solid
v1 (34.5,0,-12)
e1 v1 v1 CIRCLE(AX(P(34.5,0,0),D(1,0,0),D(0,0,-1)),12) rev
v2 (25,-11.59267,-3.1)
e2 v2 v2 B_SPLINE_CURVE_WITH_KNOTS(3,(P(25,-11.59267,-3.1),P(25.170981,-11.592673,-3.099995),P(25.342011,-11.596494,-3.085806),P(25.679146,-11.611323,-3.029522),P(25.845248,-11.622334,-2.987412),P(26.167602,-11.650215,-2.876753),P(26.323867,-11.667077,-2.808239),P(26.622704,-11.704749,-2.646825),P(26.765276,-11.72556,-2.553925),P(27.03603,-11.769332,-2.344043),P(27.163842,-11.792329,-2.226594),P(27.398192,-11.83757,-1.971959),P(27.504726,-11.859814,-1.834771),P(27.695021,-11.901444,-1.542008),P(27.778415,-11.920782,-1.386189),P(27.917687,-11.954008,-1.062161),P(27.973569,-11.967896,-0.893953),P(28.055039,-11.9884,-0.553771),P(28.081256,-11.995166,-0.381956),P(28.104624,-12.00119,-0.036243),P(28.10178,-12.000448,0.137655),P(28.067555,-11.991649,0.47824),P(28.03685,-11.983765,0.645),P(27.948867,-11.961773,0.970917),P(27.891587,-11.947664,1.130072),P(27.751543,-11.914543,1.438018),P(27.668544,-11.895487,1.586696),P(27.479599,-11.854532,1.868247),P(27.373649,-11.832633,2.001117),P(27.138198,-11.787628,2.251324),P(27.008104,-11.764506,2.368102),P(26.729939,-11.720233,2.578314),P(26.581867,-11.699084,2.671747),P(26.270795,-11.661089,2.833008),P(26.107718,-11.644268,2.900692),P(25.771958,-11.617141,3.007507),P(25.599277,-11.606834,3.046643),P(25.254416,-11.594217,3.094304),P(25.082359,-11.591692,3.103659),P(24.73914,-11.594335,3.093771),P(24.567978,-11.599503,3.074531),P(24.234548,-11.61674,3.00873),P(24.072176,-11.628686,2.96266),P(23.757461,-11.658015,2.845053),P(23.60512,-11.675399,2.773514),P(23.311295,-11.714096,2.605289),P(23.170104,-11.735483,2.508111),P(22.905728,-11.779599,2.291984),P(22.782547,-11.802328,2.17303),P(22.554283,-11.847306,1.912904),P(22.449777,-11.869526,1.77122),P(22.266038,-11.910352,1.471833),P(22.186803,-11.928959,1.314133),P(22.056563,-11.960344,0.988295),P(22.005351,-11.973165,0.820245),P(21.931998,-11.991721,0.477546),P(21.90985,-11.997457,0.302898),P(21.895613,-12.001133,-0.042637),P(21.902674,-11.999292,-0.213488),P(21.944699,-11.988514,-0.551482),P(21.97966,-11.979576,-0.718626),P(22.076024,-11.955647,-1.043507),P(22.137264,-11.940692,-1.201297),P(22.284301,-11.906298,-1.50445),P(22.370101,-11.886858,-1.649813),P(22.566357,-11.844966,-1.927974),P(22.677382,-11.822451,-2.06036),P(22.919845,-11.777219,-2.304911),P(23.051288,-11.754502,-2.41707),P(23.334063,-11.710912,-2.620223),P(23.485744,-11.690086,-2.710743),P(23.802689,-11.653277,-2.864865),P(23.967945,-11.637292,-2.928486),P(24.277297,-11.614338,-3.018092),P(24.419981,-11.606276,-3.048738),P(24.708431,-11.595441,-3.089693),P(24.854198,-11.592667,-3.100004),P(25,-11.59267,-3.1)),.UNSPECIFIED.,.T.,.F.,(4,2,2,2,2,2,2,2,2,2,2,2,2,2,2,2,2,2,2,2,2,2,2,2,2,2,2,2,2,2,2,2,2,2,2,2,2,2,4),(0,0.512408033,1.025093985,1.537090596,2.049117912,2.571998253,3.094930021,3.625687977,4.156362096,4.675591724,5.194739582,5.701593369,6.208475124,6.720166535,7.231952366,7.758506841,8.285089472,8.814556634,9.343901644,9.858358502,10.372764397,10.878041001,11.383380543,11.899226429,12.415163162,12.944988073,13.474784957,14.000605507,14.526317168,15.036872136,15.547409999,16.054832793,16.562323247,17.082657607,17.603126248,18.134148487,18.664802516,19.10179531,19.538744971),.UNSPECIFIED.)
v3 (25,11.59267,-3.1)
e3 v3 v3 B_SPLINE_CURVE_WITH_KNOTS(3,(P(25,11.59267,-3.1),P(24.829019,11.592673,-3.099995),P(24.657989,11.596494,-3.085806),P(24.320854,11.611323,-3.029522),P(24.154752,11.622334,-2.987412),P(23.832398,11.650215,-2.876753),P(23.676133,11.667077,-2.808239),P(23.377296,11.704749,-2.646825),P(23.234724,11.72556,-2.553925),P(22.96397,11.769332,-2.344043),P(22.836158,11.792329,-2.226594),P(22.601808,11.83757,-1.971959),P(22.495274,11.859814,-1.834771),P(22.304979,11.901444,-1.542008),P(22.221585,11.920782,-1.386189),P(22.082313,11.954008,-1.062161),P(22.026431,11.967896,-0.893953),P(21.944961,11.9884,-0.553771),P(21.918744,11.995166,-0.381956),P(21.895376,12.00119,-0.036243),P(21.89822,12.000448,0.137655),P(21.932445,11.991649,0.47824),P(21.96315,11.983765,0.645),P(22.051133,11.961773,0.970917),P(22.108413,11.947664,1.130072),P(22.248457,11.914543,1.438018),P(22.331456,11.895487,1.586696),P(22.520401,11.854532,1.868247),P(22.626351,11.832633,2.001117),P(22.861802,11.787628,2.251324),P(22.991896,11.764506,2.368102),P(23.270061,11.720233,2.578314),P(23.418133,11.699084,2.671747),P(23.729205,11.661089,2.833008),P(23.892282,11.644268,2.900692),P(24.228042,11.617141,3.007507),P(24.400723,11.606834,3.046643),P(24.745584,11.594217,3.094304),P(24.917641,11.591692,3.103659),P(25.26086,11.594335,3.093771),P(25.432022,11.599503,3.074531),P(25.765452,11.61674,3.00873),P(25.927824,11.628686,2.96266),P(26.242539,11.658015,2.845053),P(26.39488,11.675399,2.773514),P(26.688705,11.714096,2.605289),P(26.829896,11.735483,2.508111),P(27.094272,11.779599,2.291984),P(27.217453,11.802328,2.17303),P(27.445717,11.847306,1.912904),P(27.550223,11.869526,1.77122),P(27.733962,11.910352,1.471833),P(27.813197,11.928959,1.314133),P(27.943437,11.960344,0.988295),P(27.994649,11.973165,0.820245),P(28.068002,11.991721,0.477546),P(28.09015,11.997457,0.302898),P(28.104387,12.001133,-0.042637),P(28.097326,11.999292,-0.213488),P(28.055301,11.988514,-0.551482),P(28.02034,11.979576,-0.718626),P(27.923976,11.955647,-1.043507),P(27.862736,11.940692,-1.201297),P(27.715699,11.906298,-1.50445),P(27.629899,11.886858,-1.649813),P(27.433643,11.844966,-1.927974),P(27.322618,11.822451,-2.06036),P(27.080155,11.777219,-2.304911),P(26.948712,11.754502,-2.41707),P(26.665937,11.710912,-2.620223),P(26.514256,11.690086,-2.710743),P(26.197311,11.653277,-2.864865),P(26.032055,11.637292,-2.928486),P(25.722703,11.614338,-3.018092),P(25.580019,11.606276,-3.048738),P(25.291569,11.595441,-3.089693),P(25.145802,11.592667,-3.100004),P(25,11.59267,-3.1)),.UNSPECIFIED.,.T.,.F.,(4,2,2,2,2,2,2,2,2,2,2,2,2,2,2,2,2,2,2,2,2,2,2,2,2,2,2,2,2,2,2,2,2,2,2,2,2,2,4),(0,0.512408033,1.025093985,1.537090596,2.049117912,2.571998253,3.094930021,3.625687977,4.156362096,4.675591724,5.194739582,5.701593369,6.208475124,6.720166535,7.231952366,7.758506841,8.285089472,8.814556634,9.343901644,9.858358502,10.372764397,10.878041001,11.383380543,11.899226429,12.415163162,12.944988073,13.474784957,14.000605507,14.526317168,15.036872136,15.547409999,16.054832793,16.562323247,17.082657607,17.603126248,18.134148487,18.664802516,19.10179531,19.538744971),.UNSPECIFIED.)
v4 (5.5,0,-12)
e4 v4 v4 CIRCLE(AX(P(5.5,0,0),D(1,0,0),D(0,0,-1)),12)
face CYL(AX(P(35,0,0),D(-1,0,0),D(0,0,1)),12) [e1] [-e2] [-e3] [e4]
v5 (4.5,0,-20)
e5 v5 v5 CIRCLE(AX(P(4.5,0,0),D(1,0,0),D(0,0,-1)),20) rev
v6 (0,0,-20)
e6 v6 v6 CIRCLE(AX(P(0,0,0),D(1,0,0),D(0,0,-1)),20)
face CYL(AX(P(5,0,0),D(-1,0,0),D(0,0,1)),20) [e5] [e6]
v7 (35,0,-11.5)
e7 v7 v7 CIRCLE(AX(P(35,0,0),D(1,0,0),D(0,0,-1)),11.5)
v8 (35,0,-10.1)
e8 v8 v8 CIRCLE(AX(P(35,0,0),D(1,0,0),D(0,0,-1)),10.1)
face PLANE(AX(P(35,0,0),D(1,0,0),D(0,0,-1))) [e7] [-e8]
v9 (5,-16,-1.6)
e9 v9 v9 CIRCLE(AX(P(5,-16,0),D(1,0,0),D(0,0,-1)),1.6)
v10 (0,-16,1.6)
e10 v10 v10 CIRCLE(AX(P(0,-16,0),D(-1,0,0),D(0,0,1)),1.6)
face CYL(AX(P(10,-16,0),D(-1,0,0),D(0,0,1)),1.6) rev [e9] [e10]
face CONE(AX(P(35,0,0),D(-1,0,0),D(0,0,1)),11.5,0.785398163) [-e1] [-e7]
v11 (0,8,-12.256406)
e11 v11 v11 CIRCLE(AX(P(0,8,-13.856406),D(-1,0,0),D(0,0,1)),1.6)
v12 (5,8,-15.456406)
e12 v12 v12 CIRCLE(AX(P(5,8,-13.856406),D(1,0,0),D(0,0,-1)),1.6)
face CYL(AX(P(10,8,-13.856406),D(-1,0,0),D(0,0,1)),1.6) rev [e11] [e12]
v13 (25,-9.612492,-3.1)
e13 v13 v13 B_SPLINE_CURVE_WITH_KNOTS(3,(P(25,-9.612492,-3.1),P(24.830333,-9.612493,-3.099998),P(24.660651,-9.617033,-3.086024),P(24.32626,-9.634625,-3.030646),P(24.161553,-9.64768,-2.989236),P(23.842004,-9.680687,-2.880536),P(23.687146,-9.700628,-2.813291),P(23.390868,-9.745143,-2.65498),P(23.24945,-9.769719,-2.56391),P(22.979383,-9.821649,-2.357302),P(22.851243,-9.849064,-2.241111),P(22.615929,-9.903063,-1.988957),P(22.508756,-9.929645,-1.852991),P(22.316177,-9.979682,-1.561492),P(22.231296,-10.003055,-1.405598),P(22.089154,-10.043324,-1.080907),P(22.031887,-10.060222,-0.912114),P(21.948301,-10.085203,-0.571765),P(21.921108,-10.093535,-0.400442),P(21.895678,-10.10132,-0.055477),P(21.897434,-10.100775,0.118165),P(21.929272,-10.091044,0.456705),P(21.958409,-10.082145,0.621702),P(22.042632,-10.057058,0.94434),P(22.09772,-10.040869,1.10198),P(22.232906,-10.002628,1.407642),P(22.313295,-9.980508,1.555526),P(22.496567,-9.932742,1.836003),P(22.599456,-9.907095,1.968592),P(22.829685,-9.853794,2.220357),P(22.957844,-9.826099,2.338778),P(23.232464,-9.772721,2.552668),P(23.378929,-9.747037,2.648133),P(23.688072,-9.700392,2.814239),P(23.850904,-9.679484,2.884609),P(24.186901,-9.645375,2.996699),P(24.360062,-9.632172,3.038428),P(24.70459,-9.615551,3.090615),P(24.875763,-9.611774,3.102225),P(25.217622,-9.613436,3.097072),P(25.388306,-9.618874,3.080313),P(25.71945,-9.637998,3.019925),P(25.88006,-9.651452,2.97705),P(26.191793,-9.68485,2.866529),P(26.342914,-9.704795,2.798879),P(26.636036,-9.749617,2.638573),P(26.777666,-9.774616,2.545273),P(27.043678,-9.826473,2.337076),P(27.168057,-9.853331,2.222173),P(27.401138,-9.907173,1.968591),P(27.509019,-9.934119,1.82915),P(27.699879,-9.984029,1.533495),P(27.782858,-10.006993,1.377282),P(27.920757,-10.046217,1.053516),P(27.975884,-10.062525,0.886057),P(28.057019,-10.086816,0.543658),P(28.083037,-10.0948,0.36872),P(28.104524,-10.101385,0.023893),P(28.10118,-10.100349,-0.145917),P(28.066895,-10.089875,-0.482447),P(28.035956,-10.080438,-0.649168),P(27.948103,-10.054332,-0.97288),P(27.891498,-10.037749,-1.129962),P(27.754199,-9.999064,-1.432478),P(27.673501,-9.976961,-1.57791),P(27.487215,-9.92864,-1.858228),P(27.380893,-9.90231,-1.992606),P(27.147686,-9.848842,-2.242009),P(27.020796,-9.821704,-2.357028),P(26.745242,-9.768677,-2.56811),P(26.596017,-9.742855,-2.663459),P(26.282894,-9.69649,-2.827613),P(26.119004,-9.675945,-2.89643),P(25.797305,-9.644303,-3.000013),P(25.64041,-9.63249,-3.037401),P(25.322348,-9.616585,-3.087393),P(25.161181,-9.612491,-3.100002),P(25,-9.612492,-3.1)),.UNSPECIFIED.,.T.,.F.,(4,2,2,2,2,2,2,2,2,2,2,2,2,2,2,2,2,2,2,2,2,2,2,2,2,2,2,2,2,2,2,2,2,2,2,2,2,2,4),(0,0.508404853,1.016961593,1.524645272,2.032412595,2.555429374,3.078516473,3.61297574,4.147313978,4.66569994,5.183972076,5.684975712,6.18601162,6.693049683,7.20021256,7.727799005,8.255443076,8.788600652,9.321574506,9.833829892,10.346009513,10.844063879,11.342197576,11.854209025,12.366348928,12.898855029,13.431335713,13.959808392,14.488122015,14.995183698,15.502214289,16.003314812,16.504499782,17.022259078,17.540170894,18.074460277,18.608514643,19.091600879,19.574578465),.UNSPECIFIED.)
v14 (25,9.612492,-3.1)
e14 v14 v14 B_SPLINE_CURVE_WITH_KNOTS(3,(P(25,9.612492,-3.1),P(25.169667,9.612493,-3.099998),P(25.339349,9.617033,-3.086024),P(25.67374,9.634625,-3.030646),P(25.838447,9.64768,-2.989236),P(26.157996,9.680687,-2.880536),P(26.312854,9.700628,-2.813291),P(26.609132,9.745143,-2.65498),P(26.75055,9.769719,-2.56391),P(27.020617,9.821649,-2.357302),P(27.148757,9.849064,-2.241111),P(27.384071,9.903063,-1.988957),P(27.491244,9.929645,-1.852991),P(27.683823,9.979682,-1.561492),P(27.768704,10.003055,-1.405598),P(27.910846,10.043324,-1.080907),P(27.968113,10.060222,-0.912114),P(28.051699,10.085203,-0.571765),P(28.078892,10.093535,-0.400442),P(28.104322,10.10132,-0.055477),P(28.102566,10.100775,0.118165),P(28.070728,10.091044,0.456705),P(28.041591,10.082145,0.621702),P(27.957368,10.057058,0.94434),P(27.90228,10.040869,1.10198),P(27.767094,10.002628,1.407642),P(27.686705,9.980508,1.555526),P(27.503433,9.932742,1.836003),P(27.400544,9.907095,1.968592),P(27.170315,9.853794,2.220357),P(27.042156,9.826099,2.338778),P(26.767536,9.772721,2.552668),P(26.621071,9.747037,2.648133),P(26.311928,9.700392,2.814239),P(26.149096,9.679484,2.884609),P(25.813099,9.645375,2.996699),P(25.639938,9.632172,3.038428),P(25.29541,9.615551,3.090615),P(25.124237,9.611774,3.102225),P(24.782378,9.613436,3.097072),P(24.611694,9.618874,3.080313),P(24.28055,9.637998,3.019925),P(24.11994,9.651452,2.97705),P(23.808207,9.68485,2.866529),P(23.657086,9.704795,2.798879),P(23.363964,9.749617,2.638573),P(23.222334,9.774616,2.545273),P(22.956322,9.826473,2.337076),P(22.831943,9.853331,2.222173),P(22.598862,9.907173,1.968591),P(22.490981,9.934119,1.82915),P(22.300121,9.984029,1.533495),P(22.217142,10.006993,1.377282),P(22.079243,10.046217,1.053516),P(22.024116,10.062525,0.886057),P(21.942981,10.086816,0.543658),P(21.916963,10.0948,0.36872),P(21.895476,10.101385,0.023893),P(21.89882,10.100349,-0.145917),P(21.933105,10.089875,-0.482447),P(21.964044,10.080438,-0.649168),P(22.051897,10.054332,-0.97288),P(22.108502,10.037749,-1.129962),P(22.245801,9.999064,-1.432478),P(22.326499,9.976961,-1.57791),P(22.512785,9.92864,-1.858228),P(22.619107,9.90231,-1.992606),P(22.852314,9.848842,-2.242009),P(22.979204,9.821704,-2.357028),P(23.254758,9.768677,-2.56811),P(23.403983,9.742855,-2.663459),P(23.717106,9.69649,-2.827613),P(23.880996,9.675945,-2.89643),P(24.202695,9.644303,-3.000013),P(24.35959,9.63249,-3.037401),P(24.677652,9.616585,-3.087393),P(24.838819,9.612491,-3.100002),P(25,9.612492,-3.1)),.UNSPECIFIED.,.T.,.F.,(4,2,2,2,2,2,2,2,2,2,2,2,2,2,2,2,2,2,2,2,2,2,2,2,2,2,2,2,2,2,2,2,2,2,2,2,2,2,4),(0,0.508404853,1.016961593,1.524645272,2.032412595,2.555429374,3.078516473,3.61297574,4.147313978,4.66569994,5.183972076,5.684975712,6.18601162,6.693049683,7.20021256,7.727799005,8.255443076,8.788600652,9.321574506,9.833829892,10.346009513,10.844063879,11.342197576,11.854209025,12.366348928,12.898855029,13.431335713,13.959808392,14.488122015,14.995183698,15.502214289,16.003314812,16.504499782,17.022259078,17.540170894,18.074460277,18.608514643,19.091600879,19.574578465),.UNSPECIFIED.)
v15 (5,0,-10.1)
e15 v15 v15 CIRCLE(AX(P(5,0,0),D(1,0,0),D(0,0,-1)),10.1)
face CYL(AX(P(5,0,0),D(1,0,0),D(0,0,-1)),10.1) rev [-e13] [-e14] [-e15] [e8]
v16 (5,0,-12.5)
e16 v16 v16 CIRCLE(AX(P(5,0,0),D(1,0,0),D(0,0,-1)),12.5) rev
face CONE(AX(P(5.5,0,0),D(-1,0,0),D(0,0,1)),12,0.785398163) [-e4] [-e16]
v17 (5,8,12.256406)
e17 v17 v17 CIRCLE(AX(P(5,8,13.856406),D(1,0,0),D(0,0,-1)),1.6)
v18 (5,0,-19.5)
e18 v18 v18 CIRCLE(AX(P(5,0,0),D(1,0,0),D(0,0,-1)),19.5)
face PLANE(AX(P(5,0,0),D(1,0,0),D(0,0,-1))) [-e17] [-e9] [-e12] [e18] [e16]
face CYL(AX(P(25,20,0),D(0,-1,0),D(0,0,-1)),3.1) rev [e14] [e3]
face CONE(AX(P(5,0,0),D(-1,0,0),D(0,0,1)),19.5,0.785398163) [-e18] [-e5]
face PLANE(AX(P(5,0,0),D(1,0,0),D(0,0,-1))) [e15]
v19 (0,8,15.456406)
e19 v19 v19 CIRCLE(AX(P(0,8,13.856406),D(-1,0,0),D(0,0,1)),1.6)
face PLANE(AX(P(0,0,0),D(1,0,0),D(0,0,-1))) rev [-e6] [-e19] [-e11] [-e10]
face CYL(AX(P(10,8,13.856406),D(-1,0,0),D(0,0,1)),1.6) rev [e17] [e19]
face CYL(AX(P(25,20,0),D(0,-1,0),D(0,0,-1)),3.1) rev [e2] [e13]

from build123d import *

# Parameters (mm, degrees)
SKETCH_1_R               = 20
EXTRUDE_1_DEPTH          = 5
SKETCH_6_R               = 12
EXTRUDE_2_DEPTH          = 30
SKETCH_7_R               = 10.1
CUT_EXTRUDE_2_DEPTH      = 30
CHAMFER_1_SIZE           = 0.5
CUT_EXTRUDE_3_DEPTH      = 46
CUT_EXTRUDE_3_DEPTH_BACK = 46
SKETCH_8_R               = 3.1
CHAMFER_2_SIZE           = 0.5
CHAMFER_3_SIZE           = 0.5
SKETCH_9_R               = 1.6
CUT_EXTRUDE_4_DEPTH      = 10


with BuildPart() as part:
    # 草图1 → 凸台-拉伸1 (new body)
    with BuildSketch(Plane(origin=(0, 0, 0), x_dir=(0, 0, -1), z_dir=(1, 0, 0))):
        Circle(SKETCH_1_R)
    extrude(amount=EXTRUDE_1_DEPTH)

    # 草图6 → 凸台-拉伸2 (add)
    with BuildSketch(Plane(origin=(5, 0, 0), x_dir=(0, 0, -1), z_dir=(1, 0, 0))):
        Circle(SKETCH_6_R)
    extrude(amount=EXTRUDE_2_DEPTH)

    # 草图7 → 切除-拉伸2 (cut)
    with BuildSketch(Plane(origin=(35, 0, 0), x_dir=(0, 0, -1), z_dir=(1, 0, 0))):
        Circle(SKETCH_7_R)
    extrude(amount=-CUT_EXTRUDE_2_DEPTH, mode=Mode.SUBTRACT)

    # 倒角1
    chamfer_1_edges = [part.edges().sort_by_distance(p)[0] for p in [
        (35, 0, 12),
    ]]
    chamfer(chamfer_1_edges, length=CHAMFER_1_SIZE)

    # 草图8 → 切除-拉伸3 (cut, two sides: drawn at the far end of the back side and taken through both)
    with BuildSketch(Plane(origin=(0, 0, 0), x_dir=(1, 0, 0), z_dir=(0, 1, 0)).offset(-CUT_EXTRUDE_3_DEPTH_BACK)):
        with Locations(Location((25, 0, 0), (0, 0, 90))):
            Circle(SKETCH_8_R)
    extrude(amount=CUT_EXTRUDE_3_DEPTH + CUT_EXTRUDE_3_DEPTH_BACK, mode=Mode.SUBTRACT)

    # 倒角2
    chamfer_2_edges = [part.edges().sort_by_distance(p)[0] for p in [
        (5, 0, 20),
    ]]
    chamfer(chamfer_2_edges, length=CHAMFER_2_SIZE)

    # 倒角3
    chamfer_3_edges = [part.edges().sort_by_distance(p)[0] for p in [
        (5, 0, 12),
    ]]
    chamfer(chamfer_3_edges, length=CHAMFER_3_SIZE)

    # 草图9 → 切除-拉伸4 (cut)
    with BuildSketch(Plane.ZY):
        with Locations((-13.856406461, 8)):
            Circle(SKETCH_9_R)
        with Locations((13.856406461, 8)):
            Circle(SKETCH_9_R)
        with Locations((0, -16)):
            Circle(SKETCH_9_R)
    extrude(amount=-CUT_EXTRUDE_4_DEPTH, mode=Mode.SUBTRACT)


solid = part.part
